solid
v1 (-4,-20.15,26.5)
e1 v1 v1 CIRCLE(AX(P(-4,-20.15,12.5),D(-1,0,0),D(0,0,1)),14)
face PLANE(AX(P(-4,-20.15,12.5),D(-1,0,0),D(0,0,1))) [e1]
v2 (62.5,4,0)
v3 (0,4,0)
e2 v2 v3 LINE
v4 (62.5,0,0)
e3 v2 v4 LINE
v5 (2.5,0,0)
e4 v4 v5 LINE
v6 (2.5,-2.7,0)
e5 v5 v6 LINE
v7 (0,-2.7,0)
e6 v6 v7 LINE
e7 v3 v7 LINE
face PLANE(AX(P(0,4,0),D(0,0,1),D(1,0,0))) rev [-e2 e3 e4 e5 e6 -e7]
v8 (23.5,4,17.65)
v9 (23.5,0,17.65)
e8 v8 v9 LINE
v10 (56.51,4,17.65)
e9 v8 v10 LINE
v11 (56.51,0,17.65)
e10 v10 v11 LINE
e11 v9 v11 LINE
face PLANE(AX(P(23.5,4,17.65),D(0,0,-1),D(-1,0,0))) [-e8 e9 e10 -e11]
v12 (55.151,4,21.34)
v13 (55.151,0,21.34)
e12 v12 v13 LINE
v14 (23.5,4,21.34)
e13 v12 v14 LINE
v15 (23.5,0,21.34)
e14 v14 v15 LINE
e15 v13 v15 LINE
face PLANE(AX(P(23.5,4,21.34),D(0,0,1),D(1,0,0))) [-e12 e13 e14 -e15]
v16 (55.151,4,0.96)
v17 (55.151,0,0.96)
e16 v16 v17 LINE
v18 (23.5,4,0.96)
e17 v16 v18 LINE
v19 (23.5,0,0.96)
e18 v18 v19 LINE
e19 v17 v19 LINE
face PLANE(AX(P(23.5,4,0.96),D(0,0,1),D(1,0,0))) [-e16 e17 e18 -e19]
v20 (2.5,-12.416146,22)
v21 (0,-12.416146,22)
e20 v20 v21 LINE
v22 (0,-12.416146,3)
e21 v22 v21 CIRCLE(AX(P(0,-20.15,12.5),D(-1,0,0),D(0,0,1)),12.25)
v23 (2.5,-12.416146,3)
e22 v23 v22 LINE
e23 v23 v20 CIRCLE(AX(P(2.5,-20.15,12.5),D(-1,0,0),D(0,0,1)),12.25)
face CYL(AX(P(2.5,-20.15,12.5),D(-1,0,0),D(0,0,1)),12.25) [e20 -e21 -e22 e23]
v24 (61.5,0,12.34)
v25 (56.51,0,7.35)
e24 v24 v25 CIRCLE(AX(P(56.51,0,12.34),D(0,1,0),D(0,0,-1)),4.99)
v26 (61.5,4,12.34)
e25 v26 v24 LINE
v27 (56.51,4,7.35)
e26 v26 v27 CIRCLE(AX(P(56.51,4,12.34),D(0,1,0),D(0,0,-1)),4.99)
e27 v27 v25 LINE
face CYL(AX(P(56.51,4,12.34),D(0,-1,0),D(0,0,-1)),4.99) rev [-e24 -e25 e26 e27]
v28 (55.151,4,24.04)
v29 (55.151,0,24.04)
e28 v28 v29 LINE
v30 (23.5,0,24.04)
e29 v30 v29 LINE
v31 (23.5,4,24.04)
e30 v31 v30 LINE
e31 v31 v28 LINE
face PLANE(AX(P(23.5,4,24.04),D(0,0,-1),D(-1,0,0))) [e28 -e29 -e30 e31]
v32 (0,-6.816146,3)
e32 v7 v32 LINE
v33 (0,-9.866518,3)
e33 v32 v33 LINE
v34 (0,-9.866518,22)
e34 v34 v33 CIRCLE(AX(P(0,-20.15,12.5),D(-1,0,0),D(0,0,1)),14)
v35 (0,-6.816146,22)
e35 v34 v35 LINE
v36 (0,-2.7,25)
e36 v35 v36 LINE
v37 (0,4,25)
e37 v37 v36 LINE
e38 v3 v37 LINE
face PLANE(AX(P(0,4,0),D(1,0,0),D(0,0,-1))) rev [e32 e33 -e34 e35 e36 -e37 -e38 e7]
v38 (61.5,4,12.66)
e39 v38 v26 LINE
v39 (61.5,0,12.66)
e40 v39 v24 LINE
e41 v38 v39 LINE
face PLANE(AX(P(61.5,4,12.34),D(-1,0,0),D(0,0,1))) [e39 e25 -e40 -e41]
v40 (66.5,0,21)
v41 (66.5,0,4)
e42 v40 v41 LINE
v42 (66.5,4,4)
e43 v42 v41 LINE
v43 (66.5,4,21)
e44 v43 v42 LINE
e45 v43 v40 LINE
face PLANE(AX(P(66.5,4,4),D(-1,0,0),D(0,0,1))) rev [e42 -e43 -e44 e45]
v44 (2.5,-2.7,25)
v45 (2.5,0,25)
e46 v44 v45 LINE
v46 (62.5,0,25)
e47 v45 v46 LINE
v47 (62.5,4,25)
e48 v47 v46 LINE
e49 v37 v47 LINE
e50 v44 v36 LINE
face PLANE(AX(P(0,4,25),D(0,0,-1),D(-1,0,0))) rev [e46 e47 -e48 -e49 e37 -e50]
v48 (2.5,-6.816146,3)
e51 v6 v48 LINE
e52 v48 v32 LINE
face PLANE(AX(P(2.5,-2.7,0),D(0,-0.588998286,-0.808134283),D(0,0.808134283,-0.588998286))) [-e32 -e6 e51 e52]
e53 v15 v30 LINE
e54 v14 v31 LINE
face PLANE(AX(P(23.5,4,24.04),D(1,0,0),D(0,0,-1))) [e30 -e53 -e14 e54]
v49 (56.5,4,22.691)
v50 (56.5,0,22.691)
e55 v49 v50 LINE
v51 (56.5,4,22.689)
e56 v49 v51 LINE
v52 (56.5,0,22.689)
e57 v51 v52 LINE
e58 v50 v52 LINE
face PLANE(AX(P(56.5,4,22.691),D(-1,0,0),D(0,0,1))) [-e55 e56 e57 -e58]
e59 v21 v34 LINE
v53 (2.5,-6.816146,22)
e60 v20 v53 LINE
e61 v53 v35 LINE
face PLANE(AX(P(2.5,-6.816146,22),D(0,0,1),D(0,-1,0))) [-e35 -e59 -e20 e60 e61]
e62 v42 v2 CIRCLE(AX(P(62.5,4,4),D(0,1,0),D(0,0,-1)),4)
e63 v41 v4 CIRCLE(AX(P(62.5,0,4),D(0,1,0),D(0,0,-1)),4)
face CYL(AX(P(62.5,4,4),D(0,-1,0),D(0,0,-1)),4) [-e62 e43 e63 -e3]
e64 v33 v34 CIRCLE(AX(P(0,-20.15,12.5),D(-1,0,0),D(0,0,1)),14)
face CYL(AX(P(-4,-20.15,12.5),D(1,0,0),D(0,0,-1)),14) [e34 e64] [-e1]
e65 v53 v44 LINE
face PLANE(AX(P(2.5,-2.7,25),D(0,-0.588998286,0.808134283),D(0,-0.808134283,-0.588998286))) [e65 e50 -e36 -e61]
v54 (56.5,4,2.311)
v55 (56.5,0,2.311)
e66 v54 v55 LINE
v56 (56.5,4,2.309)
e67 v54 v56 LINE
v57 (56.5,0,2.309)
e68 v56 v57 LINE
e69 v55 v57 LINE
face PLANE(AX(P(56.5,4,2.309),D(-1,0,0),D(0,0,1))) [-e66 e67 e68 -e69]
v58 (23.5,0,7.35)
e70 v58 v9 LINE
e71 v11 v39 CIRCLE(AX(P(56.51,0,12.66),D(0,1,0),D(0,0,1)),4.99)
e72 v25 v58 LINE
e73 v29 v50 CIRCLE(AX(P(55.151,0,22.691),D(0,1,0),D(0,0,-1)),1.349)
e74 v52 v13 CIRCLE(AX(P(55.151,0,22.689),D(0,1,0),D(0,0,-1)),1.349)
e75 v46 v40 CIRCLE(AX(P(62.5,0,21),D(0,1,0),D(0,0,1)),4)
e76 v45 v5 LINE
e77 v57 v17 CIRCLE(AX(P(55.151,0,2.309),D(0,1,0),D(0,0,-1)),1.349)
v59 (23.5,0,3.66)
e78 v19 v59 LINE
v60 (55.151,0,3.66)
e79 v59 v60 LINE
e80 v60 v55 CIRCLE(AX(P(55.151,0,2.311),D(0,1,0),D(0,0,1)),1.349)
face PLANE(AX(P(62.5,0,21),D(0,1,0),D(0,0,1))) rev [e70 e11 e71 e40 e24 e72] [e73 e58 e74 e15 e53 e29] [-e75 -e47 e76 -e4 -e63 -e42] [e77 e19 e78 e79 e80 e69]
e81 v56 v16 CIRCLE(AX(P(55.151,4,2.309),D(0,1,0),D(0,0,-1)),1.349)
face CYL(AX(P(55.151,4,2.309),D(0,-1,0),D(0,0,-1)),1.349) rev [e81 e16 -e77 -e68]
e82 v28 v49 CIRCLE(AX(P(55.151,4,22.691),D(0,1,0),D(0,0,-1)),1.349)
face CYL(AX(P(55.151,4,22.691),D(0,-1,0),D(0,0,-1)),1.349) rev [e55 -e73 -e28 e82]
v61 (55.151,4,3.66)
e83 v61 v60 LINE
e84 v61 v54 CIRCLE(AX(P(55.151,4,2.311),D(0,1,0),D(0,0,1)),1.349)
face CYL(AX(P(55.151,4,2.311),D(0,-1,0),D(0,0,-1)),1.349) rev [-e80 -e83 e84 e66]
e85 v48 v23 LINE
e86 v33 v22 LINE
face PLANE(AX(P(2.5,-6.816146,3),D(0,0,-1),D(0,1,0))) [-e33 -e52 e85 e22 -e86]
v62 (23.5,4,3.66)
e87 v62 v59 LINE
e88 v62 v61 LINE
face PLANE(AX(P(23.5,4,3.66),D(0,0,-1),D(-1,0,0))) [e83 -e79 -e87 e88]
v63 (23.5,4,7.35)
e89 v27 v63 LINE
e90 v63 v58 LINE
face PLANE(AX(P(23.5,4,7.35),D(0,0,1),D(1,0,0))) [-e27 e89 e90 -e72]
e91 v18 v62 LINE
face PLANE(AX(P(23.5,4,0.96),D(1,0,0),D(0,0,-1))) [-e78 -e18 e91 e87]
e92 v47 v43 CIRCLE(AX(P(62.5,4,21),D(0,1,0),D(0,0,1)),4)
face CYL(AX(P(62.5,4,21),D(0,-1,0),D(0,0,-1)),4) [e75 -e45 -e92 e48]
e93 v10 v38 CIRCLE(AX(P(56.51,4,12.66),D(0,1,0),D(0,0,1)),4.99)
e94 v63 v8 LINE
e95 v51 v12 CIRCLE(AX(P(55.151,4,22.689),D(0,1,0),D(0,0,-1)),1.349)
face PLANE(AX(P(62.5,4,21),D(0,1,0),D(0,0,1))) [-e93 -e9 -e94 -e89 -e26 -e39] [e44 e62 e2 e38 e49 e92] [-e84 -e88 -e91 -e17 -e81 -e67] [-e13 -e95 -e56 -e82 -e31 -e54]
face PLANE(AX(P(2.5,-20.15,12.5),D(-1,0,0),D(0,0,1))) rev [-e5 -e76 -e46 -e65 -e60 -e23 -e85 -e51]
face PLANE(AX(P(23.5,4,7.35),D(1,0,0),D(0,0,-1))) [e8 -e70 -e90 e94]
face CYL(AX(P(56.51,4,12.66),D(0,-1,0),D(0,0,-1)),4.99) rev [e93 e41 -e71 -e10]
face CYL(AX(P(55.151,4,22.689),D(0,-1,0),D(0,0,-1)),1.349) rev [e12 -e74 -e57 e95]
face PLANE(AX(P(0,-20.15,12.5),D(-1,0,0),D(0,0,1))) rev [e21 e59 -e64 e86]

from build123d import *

# Parameters (mm, degrees)
BOSS_EXTRUDE1_DEPTH = 4
BOSS_EXTRUDE2_DEPTH = 2.5
SKETCH3_R           = 14
BOSS_EXTRUDE3_DEPTH = 4


with BuildPart() as part:
    # Sketch1 → Boss-Extrude1 (new body)
    with BuildSketch(Plane(origin=(0, 0, 0), x_dir=(1, 0, 0), z_dir=(0, 1, 0))):
        with BuildLine():
            Line((0, 0), (62.5, 0))
            ThreePointArc((62.5, 0), (65.328427125, -1.171572875), (66.5, -4))
            Line((66.5, -4), (66.5, -21))
            ThreePointArc((66.5, -21), (65.328427125, -23.828427125), (62.5, -25))
            Line((62.5, -25), (0, -25))
            Line((0, -25), (0, 0))
        make_face()
        with BuildLine():
            Line((23.5, -7.35), (56.51, -7.35))
            ThreePointArc((56.51, -7.35), (60.038462838, -8.811537162), (61.5, -12.34))
            Line((61.5, -12.34), (61.5, -12.66))
            ThreePointArc((61.5, -12.66), (60.038462838, -16.188462838), (56.51, -17.65))
            Line((56.51, -17.65), (23.5, -17.65))
            Line((23.5, -17.65), (23.5, -7.35))
        make_face(mode=Mode.SUBTRACT)
        with BuildLine():
            Line((23.5, -0.96), (55.151, -0.96))
            ThreePointArc((55.151, -0.96), (56.104887048, -1.355112952), (56.5, -2.309))
            Line((56.5, -2.309), (56.5, -2.311))
            ThreePointArc((56.5, -2.311), (56.104887048, -3.264887048), (55.151, -3.66))
            Line((55.151, -3.66), (23.5, -3.66))
            Line((23.5, -3.66), (23.5, -0.96))
        make_face(mode=Mode.SUBTRACT)
        with BuildLine():
            Line((23.5, -21.34), (55.151, -21.34))
            ThreePointArc((55.151, -21.34), (56.104887048, -21.735112952), (56.5, -22.689))
            Line((56.5, -22.689), (56.5, -22.691))
            ThreePointArc((56.5, -22.691), (56.104887048, -23.644887048), (55.151, -24.04))
            Line((55.151, -24.04), (23.5, -24.04))
            Line((23.5, -24.04), (23.5, -21.34))
        make_face(mode=Mode.SUBTRACT)
    extrude(amount=BOSS_EXTRUDE1_DEPTH)

    # Sketch2 → Boss-Extrude2 (add)
    with BuildSketch(Plane.ZY):
        with BuildLine():
            Line((3, -6.816145851), (3, -12.416145851))
            ThreePointArc((3, -12.416145851), (12.5, -32.4), (22, -12.416145851))
            Line((22, -12.416145851), (22, -6.816145851))
            Line((22, -6.816145851), (25, -2.7))
            Line((25, -2.7), (25, 0))
            Line((25, 0), (0, 0))
            Line((0, 0), (0, -2.7))
            Line((0, -2.7), (3, -6.816145851))
        make_face()
    extrude(amount=-BOSS_EXTRUDE2_DEPTH)

    # Sketch3 → Boss-Extrude3 (add)
    with BuildSketch(Plane.ZY):
        with Locations(Location((12.5, -20.15, 0), (0, 0, 132.732110043))):
            Circle(SKETCH3_R)
    extrude(amount=BOSS_EXTRUDE3_DEPTH)


solid = part.part
